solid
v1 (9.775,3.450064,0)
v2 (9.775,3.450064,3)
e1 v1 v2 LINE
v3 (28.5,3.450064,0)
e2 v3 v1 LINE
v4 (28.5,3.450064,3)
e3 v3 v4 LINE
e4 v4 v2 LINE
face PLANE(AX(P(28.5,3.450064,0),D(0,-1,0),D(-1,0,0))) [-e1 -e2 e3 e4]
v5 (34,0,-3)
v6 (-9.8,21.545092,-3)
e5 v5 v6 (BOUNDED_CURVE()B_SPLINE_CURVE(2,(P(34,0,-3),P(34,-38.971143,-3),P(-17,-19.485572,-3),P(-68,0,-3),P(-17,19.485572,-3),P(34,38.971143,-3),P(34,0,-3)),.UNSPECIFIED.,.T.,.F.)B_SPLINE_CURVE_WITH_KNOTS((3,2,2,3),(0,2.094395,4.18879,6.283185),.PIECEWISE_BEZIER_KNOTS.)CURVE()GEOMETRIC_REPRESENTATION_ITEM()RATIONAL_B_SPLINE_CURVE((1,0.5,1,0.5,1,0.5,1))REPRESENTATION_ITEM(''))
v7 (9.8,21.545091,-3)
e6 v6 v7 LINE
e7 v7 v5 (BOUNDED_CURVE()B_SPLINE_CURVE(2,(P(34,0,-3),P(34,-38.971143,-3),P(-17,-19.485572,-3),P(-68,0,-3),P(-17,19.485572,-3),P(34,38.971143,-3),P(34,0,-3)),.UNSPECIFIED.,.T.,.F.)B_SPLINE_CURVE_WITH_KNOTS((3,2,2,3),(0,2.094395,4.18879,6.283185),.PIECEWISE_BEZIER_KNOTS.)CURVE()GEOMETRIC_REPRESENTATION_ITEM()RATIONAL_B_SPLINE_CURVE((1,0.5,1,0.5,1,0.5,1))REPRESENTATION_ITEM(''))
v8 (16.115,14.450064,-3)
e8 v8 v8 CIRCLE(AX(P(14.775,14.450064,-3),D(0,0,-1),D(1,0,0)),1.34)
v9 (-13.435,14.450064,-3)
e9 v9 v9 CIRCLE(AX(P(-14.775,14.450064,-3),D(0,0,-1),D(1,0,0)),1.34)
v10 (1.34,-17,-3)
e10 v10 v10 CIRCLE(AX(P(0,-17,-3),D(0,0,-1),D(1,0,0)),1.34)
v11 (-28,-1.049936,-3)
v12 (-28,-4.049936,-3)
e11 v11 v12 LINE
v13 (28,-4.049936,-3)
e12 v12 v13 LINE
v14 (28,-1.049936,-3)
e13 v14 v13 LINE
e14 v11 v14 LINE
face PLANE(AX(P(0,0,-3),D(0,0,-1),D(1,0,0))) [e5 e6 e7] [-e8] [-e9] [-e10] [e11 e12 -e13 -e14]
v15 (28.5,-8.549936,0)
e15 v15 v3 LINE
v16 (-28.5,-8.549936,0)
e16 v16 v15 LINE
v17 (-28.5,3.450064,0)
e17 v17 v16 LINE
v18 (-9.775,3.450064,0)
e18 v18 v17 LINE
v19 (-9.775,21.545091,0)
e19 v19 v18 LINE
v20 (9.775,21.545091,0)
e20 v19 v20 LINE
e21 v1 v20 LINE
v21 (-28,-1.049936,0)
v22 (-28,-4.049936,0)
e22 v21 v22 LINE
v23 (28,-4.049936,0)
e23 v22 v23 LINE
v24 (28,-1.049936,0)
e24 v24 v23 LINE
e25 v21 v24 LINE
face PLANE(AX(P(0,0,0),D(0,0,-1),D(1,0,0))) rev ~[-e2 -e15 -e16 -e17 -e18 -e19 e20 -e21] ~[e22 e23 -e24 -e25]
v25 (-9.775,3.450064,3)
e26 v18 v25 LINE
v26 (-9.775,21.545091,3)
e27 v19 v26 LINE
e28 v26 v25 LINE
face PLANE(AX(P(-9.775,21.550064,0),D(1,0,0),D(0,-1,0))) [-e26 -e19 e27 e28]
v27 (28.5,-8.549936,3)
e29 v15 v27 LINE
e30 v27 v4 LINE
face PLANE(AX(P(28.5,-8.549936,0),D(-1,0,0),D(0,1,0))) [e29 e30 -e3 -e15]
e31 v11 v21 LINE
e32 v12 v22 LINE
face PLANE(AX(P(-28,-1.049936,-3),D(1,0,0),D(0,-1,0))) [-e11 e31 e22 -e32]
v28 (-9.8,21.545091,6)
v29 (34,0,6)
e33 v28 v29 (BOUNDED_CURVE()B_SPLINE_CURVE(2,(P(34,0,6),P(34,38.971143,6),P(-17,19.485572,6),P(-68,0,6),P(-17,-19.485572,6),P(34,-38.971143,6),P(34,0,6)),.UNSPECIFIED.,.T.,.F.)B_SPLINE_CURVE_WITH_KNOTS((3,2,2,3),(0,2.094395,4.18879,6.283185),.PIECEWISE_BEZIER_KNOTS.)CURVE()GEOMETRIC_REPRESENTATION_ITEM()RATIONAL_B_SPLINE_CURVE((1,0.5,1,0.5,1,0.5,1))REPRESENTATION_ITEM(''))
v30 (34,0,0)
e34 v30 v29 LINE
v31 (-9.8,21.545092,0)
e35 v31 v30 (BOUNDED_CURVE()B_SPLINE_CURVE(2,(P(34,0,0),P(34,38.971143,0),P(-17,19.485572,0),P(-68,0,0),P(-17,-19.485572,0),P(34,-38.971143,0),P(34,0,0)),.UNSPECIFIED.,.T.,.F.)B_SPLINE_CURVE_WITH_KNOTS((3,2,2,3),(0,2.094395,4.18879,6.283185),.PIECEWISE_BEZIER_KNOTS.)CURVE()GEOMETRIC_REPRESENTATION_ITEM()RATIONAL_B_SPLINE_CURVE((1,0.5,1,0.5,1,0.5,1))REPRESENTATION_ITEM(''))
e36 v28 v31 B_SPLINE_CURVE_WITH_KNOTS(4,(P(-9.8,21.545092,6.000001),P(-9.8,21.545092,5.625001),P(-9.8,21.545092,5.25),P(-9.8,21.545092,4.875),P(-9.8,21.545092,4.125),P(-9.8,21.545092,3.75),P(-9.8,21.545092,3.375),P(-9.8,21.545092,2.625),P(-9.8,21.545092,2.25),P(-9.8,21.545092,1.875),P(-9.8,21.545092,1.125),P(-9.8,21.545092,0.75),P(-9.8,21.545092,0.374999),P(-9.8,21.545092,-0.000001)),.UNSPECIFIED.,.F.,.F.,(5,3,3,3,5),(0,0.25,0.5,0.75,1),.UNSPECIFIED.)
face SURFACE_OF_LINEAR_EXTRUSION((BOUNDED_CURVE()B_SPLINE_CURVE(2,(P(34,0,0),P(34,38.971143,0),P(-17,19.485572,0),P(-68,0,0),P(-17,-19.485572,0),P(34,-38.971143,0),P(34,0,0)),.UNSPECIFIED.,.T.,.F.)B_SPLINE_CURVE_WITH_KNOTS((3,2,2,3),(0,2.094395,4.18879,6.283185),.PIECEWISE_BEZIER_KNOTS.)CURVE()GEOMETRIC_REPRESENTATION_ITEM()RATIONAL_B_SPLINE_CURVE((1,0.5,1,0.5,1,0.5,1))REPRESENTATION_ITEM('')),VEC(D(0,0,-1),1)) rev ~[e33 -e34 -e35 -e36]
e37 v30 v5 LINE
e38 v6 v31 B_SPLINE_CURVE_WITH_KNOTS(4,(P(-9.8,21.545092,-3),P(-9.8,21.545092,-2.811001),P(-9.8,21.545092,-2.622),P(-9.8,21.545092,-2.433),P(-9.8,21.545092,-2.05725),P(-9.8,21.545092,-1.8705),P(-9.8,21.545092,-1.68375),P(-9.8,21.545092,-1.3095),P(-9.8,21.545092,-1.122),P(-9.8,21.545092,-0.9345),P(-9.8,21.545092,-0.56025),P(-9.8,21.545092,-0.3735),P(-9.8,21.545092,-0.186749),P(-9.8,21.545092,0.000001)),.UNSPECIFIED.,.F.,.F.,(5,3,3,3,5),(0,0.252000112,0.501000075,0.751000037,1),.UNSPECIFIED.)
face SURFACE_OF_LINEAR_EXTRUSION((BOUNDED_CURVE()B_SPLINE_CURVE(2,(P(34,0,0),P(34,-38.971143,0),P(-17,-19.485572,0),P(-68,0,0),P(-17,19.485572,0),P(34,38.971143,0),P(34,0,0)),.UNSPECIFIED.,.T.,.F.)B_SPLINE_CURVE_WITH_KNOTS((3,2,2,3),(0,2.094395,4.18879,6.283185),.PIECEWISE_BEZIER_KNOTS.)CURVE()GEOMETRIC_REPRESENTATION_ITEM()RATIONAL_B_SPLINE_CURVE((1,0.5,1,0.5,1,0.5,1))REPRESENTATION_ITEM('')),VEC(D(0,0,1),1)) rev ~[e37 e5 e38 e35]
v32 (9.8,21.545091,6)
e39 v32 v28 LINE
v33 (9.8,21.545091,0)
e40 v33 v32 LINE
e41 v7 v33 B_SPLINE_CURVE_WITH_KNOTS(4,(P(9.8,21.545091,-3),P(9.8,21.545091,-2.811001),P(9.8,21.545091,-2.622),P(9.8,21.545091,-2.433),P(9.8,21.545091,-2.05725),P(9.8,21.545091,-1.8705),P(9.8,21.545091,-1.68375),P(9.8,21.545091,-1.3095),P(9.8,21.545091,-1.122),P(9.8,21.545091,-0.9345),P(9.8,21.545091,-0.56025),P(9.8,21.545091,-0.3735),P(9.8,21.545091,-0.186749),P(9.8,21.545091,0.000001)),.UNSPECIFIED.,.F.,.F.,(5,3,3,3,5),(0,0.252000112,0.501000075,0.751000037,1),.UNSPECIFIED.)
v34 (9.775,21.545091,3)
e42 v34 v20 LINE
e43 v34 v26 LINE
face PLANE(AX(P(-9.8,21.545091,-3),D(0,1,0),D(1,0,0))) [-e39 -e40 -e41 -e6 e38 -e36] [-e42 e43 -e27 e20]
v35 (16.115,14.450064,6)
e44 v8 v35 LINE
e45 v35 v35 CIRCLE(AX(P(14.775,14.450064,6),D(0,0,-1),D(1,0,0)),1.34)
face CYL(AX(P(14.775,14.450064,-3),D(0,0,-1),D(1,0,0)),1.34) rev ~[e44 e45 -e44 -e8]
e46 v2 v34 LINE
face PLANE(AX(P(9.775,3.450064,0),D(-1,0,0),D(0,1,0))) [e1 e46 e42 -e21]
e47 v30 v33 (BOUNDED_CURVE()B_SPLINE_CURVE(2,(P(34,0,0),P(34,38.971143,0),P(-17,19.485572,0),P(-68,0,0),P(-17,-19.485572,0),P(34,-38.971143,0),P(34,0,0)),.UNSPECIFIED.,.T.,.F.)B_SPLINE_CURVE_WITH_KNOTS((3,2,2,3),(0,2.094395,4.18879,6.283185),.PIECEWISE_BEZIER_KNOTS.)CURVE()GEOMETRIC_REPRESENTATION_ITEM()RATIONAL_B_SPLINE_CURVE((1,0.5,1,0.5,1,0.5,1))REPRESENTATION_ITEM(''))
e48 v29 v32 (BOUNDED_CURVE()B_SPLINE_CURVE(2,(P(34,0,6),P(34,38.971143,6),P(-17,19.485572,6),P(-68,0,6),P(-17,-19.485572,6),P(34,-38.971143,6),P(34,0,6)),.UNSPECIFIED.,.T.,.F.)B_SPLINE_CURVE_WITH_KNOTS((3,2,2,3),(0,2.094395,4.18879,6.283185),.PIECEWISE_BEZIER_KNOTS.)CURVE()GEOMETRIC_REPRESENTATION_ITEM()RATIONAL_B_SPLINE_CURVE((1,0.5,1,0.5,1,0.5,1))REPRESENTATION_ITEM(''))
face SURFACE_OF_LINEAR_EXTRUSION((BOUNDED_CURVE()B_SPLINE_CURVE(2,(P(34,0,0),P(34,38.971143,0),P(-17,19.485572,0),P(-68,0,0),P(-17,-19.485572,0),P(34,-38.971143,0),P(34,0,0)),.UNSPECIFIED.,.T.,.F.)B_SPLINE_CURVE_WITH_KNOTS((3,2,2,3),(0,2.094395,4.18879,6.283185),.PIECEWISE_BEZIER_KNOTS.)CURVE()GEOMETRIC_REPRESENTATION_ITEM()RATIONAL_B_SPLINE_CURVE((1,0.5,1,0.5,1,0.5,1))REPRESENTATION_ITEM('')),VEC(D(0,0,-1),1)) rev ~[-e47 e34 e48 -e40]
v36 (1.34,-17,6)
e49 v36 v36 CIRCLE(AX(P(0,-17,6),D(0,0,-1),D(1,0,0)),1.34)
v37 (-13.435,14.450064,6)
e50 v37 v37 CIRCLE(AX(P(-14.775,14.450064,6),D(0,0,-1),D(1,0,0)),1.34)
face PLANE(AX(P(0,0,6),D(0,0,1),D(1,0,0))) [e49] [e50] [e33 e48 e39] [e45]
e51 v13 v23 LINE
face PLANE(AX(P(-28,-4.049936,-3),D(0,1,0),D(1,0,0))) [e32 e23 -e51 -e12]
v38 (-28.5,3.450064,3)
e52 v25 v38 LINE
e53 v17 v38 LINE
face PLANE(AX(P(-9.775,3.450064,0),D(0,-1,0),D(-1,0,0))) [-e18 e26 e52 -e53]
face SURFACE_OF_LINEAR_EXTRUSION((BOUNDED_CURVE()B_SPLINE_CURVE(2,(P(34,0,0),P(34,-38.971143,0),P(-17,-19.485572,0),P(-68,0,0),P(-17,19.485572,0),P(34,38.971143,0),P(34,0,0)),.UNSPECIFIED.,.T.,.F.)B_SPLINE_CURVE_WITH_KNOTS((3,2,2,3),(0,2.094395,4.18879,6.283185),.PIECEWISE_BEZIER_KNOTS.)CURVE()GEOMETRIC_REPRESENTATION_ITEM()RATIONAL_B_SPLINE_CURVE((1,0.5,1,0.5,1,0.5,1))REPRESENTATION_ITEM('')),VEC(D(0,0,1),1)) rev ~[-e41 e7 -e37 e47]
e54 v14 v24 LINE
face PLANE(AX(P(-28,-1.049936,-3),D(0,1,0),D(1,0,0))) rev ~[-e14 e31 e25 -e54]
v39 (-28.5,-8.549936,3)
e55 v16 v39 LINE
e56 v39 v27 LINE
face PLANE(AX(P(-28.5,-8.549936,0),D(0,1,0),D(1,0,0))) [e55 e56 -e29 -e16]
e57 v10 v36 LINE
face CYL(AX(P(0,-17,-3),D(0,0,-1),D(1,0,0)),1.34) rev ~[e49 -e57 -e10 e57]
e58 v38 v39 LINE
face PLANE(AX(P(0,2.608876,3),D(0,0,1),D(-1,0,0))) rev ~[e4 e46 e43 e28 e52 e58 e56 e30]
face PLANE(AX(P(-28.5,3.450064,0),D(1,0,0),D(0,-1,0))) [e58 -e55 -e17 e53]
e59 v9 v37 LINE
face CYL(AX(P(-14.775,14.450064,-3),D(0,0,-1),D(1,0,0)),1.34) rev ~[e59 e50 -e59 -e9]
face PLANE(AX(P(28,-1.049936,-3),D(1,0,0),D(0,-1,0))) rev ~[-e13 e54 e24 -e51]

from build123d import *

# Parameters (mm, degrees)
PAD_DEPTH       = 6
POCKET_DEPTH    = 3
PAD001_DEPTH    = 3
SKETCH003_W     = 56
SKETCH003_H     = 3
POCKET001_DEPTH = 3
SKETCH004_W     = 19.6
SKETCH004_H     = 1
POCKET002_DEPTH = 9.001
SKETCH005_R     = 1.34
POCKET003_DEPTH = 9.001


with BuildPart() as part:
    # Sketch → Pad (new body)
    with BuildSketch(Plane.XY):
        with BuildLine():
            add(Edge.make_bspline(
                [(34, 0), (34, 38.971143), (-17, 19.485572), (-68, 0), (-17, -19.485572), (34, -38.971143), (34, 0)],
                knots=[0, 0, 0, 2.094395, 2.094395, 4.18879, 4.18879, 6.283185, 6.283185, 6.283185], degree=2, weights=[1, 0.5, 1, 0.5, 1, 0.5, 1]))
        make_face()
    extrude(amount=PAD_DEPTH)

    # Sketch001 (on Face2 of Pad) → Pocket (cut)
    with BuildSketch(Plane(origin=(0, 0, 0), x_dir=(1, 0, 0), z_dir=(0, 0, -1))):
        Polygon((9.775, -3.450064), (9.775, -21.550064), (-9.775, -21.550064), (-9.775, -3.450064), (-28.5, -3.450064), (-28.5, 8.549936), (28.5, 8.549936), (28.5, -3.450064), align=None)
    extrude(amount=-POCKET_DEPTH, mode=Mode.SUBTRACT)

    # Sketch002 (on Face2 of Pocket) → Pad001 (join)
    with BuildSketch(Plane(origin=(0, 0, 0), x_dir=(1, 0, 0), z_dir=(0, 0, -1))):
        with BuildLine():
            add(Edge.make_bspline(
                [(34, 0), (34, 38.971143), (-17, 19.485572), (-68, 0), (-17, -19.485572), (34, -38.971143), (34, 0)],
                knots=[0, 0, 0, 2.094395, 2.094395, 4.18879, 4.18879, 6.283185, 6.283185, 6.283185], degree=2, weights=[1, 0.5, 1, 0.5, 1, 0.5, 1]))
        make_face()
    extrude(amount=PAD001_DEPTH)

    # Sketch003 (on Face4 of Pad001) → Pocket001 (cut)
    with BuildSketch(Plane(origin=(0, 0, -3), x_dir=(1, 0, 0), z_dir=(0, 0, -1))):
        with Locations((0, 2.549936)):
            Rectangle(SKETCH003_W, SKETCH003_H)
    extrude(amount=-POCKET001_DEPTH, mode=Mode.SUBTRACT)

    # Sketch004 (on Face4 of Pocket001) → Pocket002 (cut, through all)
    with BuildSketch(Plane(origin=(0, 0, -3), x_dir=(1, 0, 0), z_dir=(0, 0, -1))):
        with Locations((0, -22.045091)):
            Rectangle(SKETCH004_W, SKETCH004_H)
    extrude(amount=-POCKET002_DEPTH, mode=Mode.SUBTRACT)

    # Sketch005 (on Face7 of Pocket002) → Pocket003 (cut, through all)
    with BuildSketch(Plane(origin=(0, 0, -3), x_dir=(1, 0, 0), z_dir=(0, 0, -1))):
        with Locations((-14.775, -14.450064)):
            Circle(SKETCH005_R)
        with Locations((0, 17)):
            Circle(SKETCH005_R)
        with Locations((14.775, -14.450064)):
            Circle(SKETCH005_R)
    extrude(amount=-POCKET003_DEPTH, mode=Mode.SUBTRACT)


solid = part.part
